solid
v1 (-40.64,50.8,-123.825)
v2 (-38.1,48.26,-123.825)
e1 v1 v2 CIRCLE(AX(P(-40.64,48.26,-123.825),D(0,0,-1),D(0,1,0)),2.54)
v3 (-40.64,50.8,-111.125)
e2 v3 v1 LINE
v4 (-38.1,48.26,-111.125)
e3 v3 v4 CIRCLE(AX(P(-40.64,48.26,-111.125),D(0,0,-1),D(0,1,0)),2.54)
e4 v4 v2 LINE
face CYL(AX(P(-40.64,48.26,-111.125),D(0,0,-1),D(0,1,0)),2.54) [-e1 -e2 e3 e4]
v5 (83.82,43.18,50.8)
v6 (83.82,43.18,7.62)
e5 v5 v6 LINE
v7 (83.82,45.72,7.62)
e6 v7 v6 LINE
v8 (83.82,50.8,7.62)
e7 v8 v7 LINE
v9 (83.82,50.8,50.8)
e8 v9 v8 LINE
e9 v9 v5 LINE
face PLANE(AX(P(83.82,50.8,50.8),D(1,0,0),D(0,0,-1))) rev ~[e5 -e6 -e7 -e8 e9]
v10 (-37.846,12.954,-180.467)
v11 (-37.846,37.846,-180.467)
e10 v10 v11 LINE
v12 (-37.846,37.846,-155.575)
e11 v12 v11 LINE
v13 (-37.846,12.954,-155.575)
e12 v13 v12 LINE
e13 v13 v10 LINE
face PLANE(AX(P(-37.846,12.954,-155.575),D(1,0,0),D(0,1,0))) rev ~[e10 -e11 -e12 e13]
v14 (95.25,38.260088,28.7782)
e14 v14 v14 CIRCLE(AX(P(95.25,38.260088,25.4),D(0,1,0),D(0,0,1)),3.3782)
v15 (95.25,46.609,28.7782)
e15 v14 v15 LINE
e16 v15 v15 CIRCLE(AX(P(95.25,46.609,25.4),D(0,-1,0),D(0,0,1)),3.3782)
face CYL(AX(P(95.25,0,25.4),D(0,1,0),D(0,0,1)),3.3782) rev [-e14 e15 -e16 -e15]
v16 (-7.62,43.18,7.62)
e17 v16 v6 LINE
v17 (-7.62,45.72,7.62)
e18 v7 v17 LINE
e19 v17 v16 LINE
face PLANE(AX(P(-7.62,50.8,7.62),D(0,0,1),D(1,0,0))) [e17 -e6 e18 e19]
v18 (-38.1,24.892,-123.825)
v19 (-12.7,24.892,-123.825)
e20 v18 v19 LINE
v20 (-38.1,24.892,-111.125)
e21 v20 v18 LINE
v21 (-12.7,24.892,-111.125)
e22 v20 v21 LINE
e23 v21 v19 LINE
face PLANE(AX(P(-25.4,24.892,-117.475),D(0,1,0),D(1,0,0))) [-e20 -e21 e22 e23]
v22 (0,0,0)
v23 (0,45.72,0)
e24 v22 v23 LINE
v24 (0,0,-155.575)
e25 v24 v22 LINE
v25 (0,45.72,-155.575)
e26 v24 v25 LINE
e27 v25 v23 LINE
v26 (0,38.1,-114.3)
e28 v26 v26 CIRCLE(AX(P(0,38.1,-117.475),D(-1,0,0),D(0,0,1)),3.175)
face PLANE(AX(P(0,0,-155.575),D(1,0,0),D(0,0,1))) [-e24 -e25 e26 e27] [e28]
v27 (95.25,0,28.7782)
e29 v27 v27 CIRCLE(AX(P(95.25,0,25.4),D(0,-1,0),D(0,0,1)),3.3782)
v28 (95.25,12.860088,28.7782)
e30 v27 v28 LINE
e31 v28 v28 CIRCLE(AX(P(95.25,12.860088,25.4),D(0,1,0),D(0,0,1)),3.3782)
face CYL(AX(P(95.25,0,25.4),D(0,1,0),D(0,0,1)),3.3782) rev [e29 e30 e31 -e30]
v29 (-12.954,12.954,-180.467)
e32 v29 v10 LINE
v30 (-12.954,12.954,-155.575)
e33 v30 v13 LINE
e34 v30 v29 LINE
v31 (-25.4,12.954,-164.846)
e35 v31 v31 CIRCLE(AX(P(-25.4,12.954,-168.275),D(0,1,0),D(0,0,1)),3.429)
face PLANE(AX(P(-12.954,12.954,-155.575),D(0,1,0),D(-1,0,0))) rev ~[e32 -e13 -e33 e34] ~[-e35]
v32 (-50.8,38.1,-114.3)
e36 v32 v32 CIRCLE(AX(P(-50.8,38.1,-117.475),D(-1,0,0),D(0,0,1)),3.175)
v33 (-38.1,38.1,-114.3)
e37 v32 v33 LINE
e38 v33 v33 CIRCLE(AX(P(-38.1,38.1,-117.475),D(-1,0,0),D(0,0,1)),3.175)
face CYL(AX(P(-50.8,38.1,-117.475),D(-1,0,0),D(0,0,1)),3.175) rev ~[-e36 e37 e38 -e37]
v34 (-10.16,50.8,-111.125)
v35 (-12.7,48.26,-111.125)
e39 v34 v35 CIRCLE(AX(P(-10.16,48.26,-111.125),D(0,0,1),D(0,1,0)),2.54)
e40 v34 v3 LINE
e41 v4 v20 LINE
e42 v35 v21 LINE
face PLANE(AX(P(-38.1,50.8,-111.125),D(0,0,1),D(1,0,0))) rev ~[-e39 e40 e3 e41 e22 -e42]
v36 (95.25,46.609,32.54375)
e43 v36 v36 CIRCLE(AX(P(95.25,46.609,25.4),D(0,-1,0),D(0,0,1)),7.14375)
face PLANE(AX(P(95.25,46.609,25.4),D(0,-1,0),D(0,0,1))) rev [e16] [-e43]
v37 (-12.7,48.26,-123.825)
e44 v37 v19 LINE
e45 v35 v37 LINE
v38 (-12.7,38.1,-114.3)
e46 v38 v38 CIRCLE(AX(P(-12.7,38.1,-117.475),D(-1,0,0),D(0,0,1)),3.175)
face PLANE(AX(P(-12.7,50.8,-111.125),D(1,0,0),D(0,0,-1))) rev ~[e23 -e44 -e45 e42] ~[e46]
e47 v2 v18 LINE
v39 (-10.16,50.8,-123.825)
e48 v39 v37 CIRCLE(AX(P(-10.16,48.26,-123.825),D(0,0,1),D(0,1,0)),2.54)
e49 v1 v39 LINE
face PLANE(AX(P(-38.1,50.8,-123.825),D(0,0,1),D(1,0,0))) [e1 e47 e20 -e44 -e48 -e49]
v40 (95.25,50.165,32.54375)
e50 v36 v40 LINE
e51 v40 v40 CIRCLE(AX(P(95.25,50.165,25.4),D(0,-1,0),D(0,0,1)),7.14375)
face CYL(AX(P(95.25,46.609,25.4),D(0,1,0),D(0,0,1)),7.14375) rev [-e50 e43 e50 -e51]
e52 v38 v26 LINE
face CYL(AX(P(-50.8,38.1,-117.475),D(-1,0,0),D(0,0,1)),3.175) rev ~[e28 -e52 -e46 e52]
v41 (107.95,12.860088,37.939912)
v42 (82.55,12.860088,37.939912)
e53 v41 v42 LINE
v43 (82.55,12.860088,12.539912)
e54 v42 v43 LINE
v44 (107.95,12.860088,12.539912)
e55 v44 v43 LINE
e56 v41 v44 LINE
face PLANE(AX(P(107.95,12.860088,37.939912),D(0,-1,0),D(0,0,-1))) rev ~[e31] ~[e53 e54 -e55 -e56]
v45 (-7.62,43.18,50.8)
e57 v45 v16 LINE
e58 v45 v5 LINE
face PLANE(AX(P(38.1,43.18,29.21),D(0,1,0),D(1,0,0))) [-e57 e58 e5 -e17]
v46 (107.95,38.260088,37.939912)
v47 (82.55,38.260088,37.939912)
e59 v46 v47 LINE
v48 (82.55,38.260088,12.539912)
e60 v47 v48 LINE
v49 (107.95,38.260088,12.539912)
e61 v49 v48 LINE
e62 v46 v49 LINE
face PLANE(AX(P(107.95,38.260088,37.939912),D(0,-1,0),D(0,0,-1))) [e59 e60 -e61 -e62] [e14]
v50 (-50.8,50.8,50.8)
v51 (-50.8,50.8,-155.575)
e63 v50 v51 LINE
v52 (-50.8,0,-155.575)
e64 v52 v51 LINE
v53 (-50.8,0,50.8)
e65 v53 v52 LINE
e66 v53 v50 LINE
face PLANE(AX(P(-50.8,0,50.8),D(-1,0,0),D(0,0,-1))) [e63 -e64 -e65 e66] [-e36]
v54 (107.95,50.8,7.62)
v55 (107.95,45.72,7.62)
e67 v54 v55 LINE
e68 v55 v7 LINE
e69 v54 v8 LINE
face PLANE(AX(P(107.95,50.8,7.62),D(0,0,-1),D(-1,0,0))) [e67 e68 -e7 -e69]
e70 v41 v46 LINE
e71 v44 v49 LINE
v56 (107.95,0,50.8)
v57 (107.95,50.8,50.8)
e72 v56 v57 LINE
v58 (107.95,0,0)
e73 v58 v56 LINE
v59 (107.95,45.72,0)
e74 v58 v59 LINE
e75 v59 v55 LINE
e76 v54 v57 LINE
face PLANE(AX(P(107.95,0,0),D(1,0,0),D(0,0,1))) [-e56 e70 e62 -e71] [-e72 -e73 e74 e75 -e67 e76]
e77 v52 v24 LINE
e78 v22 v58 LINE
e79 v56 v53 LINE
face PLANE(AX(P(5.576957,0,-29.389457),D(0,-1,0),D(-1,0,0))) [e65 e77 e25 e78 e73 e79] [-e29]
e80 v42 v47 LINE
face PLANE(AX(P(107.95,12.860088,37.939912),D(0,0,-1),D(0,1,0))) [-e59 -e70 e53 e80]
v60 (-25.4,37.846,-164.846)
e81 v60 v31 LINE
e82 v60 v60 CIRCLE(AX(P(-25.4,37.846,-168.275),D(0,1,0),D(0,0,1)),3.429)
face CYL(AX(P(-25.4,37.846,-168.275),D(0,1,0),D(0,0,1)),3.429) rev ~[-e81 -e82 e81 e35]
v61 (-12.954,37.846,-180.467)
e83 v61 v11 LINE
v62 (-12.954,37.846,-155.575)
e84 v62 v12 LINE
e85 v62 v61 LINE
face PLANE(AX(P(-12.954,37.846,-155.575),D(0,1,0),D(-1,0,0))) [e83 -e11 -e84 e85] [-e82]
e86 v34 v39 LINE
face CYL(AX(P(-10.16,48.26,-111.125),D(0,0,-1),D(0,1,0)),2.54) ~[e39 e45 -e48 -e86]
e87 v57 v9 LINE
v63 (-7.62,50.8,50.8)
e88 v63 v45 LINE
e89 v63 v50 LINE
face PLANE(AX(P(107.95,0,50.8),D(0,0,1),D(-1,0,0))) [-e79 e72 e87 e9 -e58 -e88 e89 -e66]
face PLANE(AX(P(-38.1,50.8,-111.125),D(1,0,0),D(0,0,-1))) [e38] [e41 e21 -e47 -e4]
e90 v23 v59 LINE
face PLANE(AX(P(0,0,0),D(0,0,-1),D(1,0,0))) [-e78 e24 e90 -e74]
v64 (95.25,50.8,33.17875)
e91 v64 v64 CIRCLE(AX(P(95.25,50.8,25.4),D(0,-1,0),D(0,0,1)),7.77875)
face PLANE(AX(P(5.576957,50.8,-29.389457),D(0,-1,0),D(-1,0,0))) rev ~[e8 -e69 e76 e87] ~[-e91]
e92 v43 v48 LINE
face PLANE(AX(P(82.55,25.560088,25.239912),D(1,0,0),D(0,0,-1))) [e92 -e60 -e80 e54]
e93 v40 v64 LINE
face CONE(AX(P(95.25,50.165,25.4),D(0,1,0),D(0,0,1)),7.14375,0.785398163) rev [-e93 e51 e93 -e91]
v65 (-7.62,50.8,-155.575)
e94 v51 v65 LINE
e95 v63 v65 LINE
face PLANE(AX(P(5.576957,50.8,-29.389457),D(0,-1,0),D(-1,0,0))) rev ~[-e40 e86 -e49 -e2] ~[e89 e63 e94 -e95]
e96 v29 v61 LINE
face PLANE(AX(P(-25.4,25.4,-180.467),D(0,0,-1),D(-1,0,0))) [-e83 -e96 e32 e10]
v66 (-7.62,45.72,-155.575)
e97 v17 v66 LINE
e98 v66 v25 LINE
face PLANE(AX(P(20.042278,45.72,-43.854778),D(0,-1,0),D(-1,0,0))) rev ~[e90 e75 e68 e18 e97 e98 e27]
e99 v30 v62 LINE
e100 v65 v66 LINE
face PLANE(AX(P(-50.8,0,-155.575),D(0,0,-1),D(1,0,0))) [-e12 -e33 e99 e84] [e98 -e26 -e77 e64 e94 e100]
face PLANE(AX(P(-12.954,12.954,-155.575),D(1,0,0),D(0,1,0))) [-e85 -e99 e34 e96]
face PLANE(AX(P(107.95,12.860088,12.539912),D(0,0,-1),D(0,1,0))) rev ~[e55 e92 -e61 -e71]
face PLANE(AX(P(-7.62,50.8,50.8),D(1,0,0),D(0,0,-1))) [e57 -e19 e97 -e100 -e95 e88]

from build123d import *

# Parameters (mm, degrees)
BOSS_EXTRUDE1_DEPTH = 50.8
SKETCH3_W           = 25.4
SKETCH3_H           = 25.4
CUT_EXTRUDE1_DEPTH  = 25.4
SKETCH8_W           = 24.892
SKETCH8_H           = 24.892
BOSS_EXTRUDE2_DEPTH = 24.892
SKETCH12_R          = 3.429
CUT_EXTRUDE2_DEPTH  = 25.4
SKETCH13_W          = 25.4
SKETCH13_H          = 12.7
CUT_EXTRUDE3_DEPTH  = 25.908
FILLET1_R           = 2.54
SKETCH14_R          = 3.175
CUT_EXTRUDE5_DEPTH  = 246.663470197
CUT_EXTRUDE6_DEPTH  = 5.08
SKETCH18_W          = 91.44
SKETCH18_H          = 43.18
CUT_EXTRUDE7_DEPTH  = 7.62


with BuildPart() as part:
    # Sketch2 → Boss-Extrude1 (new body)
    with BuildSketch(Plane(origin=(0, 0, 0), x_dir=(1, 0, 0), z_dir=(0, 1, 0))):
        Polygon((-50.8, 155.575), (0, 155.575), (0, 0), (107.95, 0), (107.95, -50.8), (-50.8, -50.8), align=None)
    extrude(amount=BOSS_EXTRUDE1_DEPTH)

    # Sketch3 → Cut-Extrude1 (cut)
    with BuildSketch(Plane(origin=(107.95, 0, 0), x_dir=(0, 0, -1), z_dir=(1, 0, 0))):
        with Locations((-25.239912, 25.560088)):
            Rectangle(SKETCH3_W, SKETCH3_H)
    extrude(amount=-CUT_EXTRUDE1_DEPTH, mode=Mode.SUBTRACT)

    # Sketch7 → CBORE for 1/4 Binding Head Machine Screw1 (revolve, cut)
    with BuildSketch(Plane(origin=(95.25, 50.8, 25.4), x_dir=(0, 0, 1), z_dir=(1, 0, 0))):
        Polygon((0, 0), (0, 50.8), (3.3782, 50.8), (3.3782, 4.191), (7.14375, 4.191), (7.14375, 0.635), (7.77875, 0), align=None)
    revolve(axis=Axis((95.25, 57.15, 25.4), (0, -1, 0)), mode=Mode.SUBTRACT)

    # Sketch8 → Boss-Extrude2 (add)
    with BuildSketch(Plane(origin=(0, 0, -155.575), x_dir=(-1, 0, 0), z_dir=(0, 0, -1))):
        with Locations((25.4, 25.4)):
            Rectangle(SKETCH8_W, SKETCH8_H)
    extrude(amount=BOSS_EXTRUDE2_DEPTH)

    # Sketch12 → Cut-Extrude2 (cut)
    with BuildSketch(Plane(origin=(0, 37.846, 0), x_dir=(1, 0, 0), z_dir=(0, 1, 0))):
        with Locations(Location((-25.4, 168.275, 0), (0, 0, 270))):
            Circle(SKETCH12_R)
    extrude(amount=-CUT_EXTRUDE2_DEPTH, mode=Mode.SUBTRACT)

    # Sketch13 → Cut-Extrude3 (cut)
    with BuildSketch(Plane(origin=(0, 50.8, 0), x_dir=(1, 0, 0), z_dir=(0, 1, 0))):
        with Locations((-25.4, 117.475)):
            Rectangle(SKETCH13_W, SKETCH13_H)
    extrude(amount=-CUT_EXTRUDE3_DEPTH, mode=Mode.SUBTRACT)

    # Fillet1
    fillet1_edges = [part.edges().sort_by_distance(p)[0] for p in [
        (-38.1, 50.8, -117.475),
        (-12.7, 50.8, -117.475),
    ]]
    fillet(fillet1_edges, radius=FILLET1_R)

    # Sketch14 → Cut-Extrude5 (cut, through all)
    with BuildSketch(Plane.ZY.offset(50.8)):
        with Locations((-117.475, 38.1)):
            Circle(SKETCH14_R)
    extrude(amount=-CUT_EXTRUDE5_DEPTH, mode=Mode.SUBTRACT)

    # Sketch17 → Cut-Extrude6 (cut)
    with BuildSketch(Plane(origin=(0, 50.8, 0), x_dir=(1, 0, 0), z_dir=(0, 1, 0))):
        Polygon((0, 155.575), (0, 0), (107.95, 0), (107.95, -7.62), (-7.62, -7.62), (-7.62, 155.575), align=None)
    extrude(amount=-CUT_EXTRUDE6_DEPTH, mode=Mode.SUBTRACT)

    # Sketch18 → Cut-Extrude7 (cut)
    with BuildSketch(Plane(origin=(0, 50.8, 0), x_dir=(1, 0, 0), z_dir=(0, 1, 0))):
        with Locations((38.1, -29.21)):
            Rectangle(SKETCH18_W, SKETCH18_H)
    extrude(amount=-CUT_EXTRUDE7_DEPTH, mode=Mode.SUBTRACT)


solid = part.part
